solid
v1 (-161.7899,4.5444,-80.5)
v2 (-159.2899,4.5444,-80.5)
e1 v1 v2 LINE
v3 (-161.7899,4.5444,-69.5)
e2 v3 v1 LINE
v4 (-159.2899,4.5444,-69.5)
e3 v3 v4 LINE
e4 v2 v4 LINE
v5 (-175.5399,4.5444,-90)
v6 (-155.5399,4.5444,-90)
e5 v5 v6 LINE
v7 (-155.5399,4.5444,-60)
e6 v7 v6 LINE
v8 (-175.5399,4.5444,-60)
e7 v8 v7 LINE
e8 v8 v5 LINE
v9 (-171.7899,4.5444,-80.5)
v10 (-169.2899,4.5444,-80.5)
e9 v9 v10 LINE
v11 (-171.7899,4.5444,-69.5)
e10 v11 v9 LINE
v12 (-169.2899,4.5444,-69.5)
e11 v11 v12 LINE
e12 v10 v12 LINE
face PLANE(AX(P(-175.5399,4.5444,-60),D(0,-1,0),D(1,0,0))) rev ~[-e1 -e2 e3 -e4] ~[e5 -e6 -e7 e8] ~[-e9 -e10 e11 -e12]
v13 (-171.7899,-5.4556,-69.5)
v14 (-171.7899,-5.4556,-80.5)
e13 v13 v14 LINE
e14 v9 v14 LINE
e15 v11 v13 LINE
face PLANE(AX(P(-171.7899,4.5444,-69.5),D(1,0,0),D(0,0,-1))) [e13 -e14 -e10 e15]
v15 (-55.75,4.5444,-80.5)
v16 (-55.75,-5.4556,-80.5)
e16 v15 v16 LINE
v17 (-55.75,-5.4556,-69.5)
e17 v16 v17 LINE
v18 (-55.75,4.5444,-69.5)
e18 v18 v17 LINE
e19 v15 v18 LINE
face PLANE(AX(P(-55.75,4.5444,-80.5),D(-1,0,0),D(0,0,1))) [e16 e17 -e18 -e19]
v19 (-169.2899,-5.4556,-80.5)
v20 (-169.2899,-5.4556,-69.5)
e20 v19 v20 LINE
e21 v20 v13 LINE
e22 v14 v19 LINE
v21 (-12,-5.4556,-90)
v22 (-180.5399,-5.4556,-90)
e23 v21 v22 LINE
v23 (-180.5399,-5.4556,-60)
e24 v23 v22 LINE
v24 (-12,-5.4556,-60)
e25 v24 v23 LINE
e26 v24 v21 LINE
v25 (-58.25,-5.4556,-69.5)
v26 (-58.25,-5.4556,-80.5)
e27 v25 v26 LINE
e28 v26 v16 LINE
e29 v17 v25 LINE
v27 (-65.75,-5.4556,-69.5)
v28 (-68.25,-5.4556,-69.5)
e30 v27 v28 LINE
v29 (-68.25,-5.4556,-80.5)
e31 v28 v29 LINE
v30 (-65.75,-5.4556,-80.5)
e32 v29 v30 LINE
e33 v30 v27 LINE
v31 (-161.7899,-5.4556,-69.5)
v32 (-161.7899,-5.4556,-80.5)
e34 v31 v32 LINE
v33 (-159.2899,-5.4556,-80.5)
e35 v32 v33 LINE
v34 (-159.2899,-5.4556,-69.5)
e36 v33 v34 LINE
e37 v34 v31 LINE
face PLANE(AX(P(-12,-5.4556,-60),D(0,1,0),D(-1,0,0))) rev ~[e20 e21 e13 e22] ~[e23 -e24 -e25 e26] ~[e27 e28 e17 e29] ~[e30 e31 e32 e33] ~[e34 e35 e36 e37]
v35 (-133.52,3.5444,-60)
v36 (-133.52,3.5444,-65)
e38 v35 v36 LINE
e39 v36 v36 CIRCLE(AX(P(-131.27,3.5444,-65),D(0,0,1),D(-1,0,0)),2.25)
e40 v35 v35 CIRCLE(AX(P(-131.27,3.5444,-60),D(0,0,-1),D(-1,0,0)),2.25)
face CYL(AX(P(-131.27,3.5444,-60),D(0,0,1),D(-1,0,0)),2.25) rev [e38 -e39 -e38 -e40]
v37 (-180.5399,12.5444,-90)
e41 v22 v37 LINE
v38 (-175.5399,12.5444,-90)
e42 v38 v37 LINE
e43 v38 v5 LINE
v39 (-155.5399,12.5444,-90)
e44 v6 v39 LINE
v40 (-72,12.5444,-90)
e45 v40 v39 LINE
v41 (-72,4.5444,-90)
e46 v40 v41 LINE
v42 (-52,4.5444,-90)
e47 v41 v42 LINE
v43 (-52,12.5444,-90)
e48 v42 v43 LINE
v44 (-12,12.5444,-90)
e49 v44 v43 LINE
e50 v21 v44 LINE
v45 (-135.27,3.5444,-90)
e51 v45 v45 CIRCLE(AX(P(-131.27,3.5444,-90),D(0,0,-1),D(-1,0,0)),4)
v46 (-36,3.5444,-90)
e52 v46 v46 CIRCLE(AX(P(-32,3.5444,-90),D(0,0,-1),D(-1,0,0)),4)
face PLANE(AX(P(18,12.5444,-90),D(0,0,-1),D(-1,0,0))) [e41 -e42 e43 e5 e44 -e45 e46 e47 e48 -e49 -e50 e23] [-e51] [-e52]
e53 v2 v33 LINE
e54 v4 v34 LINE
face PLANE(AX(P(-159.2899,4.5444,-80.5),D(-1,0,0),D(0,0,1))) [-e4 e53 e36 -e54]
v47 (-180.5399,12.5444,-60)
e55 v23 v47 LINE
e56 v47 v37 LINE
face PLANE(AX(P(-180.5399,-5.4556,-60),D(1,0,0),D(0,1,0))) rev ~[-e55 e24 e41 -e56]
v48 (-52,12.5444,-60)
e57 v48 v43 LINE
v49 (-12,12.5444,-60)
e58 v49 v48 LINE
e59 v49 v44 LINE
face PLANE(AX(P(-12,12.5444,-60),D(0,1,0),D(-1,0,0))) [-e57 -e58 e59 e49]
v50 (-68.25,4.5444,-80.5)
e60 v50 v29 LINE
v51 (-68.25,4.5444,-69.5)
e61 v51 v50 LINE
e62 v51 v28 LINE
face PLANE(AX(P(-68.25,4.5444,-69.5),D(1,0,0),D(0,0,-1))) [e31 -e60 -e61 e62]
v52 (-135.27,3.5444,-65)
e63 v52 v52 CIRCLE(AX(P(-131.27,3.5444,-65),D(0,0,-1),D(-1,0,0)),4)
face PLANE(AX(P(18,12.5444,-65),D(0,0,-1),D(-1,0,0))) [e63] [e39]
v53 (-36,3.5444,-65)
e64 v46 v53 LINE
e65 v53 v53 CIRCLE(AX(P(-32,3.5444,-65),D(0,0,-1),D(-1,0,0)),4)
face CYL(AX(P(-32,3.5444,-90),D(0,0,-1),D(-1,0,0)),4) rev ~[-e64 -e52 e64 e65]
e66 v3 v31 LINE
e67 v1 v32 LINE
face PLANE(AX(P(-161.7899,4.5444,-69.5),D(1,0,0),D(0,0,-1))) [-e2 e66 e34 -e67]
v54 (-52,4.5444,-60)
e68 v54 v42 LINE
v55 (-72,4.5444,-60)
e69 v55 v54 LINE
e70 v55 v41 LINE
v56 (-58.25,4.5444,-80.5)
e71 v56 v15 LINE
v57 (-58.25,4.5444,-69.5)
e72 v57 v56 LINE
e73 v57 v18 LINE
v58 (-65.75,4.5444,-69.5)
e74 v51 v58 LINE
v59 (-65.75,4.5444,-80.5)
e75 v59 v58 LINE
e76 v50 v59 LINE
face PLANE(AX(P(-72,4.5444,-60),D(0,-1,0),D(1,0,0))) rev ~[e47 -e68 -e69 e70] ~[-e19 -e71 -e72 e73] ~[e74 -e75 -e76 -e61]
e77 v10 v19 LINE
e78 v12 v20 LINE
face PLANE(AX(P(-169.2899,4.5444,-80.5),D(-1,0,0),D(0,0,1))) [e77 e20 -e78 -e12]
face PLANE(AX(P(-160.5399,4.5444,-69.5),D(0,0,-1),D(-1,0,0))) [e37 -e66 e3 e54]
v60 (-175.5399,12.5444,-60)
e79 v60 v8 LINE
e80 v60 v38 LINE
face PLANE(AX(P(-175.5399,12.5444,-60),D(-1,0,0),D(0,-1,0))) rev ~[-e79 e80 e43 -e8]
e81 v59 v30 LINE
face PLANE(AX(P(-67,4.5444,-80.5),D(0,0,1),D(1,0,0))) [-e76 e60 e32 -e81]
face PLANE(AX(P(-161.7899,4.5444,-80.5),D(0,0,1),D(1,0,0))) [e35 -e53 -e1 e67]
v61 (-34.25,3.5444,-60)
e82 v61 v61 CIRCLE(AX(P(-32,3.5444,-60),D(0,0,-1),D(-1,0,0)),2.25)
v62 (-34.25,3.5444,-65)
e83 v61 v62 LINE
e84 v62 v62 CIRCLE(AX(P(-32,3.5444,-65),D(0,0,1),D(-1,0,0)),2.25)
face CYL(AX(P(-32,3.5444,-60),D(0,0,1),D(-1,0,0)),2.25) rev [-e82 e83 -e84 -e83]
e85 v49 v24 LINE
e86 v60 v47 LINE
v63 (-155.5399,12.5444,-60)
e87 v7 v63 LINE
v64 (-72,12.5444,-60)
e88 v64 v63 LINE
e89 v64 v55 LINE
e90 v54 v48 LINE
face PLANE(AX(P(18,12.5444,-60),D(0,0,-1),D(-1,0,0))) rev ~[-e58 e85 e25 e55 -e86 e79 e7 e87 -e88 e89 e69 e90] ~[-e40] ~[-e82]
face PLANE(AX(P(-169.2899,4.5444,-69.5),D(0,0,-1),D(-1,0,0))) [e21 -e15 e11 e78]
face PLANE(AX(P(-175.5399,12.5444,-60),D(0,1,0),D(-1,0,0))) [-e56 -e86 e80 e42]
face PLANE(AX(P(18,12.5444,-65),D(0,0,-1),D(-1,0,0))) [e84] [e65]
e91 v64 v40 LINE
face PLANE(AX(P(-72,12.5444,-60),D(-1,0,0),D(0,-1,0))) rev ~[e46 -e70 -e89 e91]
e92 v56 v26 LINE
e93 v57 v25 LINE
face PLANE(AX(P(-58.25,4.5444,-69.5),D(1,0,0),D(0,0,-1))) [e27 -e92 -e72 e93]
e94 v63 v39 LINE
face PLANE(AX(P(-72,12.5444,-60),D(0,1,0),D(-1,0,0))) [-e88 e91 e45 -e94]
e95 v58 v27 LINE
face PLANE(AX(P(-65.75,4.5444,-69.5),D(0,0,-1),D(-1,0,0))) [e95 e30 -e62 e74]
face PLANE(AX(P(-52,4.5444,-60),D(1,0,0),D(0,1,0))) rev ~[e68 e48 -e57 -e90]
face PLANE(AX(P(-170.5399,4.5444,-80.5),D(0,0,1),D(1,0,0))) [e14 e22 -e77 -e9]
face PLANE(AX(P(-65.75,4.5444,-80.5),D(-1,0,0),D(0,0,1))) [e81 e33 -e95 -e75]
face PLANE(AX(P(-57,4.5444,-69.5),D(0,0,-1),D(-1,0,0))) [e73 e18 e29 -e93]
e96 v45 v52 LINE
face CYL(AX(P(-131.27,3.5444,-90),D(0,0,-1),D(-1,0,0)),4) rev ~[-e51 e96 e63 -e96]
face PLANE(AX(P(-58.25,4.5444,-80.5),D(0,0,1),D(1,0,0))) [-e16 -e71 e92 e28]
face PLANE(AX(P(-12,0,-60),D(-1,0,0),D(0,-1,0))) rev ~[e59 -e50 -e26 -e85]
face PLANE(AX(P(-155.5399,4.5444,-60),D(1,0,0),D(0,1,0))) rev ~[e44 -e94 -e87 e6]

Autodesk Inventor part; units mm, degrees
ref_plane "YZ Plane" through (0, 0, 0) normal (1, 0, 0) x (0, 1, 0)
ref_plane "XZ Plane" through (0, 0, 0) normal (0, 1, 0) x (-1, 0, 0)
ref_plane "작업 평면1" through (18, 12.5444, -60) normal (0, 0, -1) x (-1, 0, 0)
sketch "스케치1" plane through (18, 12.5444, -60) normal (0, 0, -1) x (-1, 0, 0)
  circle A0 centre (149.27, -9) radius 2.25 projected
  circle A1 centre (50, -9) radius 2.25 projected
  line L0 (60.4781, -35) -> (62.5565, -31.4) projected
  line L1 (62.5565, -31.4) -> (66.7134, -31.4) projected
  line L2 (66.7134, -31.4) -> (68.7919, -35) projected
  line L3 (68.7919, -35) -> (66.7134, -38.6) projected
  line L4 (66.7134, -38.6) -> (62.5565, -38.6) projected
  line L5 (62.5565, -38.6) -> (60.4781, -35) projected
  line L6 (161.8265, -38.6) -> (159.748, -35) projected
  line L7 (159.748, -35) -> (161.8265, -31.4) projected
  line L8 (161.8265, -31.4) -> (165.9834, -31.4) projected
  line L9 (165.9834, -31.4) -> (168.0619, -35) projected
  line L10 (168.0619, -35) -> (165.9834, -38.6) projected
  line L11 (165.9834, -38.6) -> (161.8265, -38.6) projected
  line L12 (30, -50) -> (198.5399, -50) projected
  line L13 (198.5399, -50) -> (198.5399, 0) projected
  line L14 (0, 0) -> (198.5399, 0) projected
  line L15 (0, 0) -> (0, -12.5444) projected
  line L16 (0, -12.5444) -> (30, -12.5444) projected
  line L17 (30, -12.5444) -> (30, -50) projected
  line L18 (30, 0) -> (30, -18)
  line L19 (30, -18) -> (198.5399, -18)
  line L20 (198.5399, -18) -> (198.5399, 0)
  line L21 (176.0399, 8) -> (191.0399, 8) projected
  line L22 (72.5, 8) -> (87.5, 8) projected
  line L23 (193.5399, -8) -> (173.5399, -8)
  line L24 (173.5399, -8) -> (173.5399, 0)
  line L25 (193.5399, 0) -> (193.5399, -8)
  line L26 (90, -8) -> (70, -8)
  line L27 (70, -8) -> (70, 0)
  line L28 (90, 0) -> (90, -8)
  line L29 (70, 0) -> (30, 0)
  line L30 (198.5399, 0) -> (193.5399, 0)
  line L31 (173.5399, 0) -> (90, 0)
  point P0 (18, -12.5444)
  point P1 (80, -8)
  point P2 (80, 8)
  point P3 (183.5399, -8)
  point P4 (183.5399, 8)
  point P5 (70, 0)
  dimension "d1" = 18
  dimension "d6" = 8
  dimension "d7" = 8
extrude "돌출1" add sketch "스케치1" along normal blind 30 contours L17 L18 L14 L27 L26 L28 L24 L23 L25 L13 L19
sketch "스케치2" plane through (18, 12.5444, -90) normal (0, 0, -1) x (-1, 0, 0)
  circle A0 centre (149.27, -9) radius 2.25 projected
  circle A1 centre (50, -9) radius 2.25 projected
  circle A2 centre (149.27, -9) radius 4
  circle A3 centre (50, -9) radius 4
  point P0 (18, -12.5444)
  dimension "d10" = 8
  dimension "d11" = 8
extrude "돌출2" cut sketch "스케치2" against normal blind 25 contours A0 | A1 | A2 | A3
sketch "스케치3" plane through (-175.5399, 4.5444, -60) normal (0, 1, 0) x (1, 0, 0)
  line L0 (0, 0) -> (20, 0) projected
  line L1 (20, 0) -> (20, 30) projected
  line L2 (0, 30) -> (20, 30) projected
  line L3 (0, 0) -> (0, 30) projected
  line L4 (103.5399, 0) -> (123.5399, 0) projected
  line L5 (123.5399, 0) -> (123.5399, 30) projected
  line L6 (103.5399, 30) -> (123.5399, 30) projected
  line L7 (103.5399, 0) -> (103.5399, 30) projected
  line L8 (5, 20.5) -> (15, 20.5)
  line L9 (15, 20.5) -> (15, 9.5)
  line L10 (15, 9.5) -> (5, 9.5)
  line L11 (5, 9.5) -> (5, 20.5)
  line L12 (5, 20.5) -> (15, 9.5) construction
  line L13 (15, 20.5) -> (5, 9.5) construction
  line L14 (108.5399, 20.5) -> (118.5399, 20.5)
  line L15 (118.5399, 20.5) -> (118.5399, 9.5)
  line L16 (118.5399, 9.5) -> (108.5399, 9.5)
  line L17 (108.5399, 9.5) -> (108.5399, 20.5)
  line L18 (108.5399, 20.5) -> (118.5399, 9.5) construction
  line L19 (118.5399, 20.5) -> (108.5399, 9.5) construction
  line L20 (3.75, 20.5) -> (6.25, 20.5)
  line L21 (6.25, 20.5) -> (6.25, 9.5)
  line L22 (6.25, 9.5) -> (3.75, 9.5)
  line L23 (3.75, 9.5) -> (3.75, 20.5)
  line L24 (3.75, 20.5) -> (6.25, 9.5) construction
  line L25 (6.25, 20.5) -> (3.75, 9.5) construction
  line L26 (13.75, 20.5) -> (16.25, 20.5)
  line L27 (16.25, 20.5) -> (16.25, 9.5)
  line L28 (16.25, 9.5) -> (13.75, 9.5)
  line L29 (13.75, 9.5) -> (13.75, 20.5)
  line L30 (13.75, 20.5) -> (16.25, 9.5) construction
  line L31 (16.25, 20.5) -> (13.75, 9.5) construction
  line L32 (107.2899, 20.5) -> (109.7899, 20.5)
  line L33 (109.7899, 20.5) -> (109.7899, 9.5)
  line L34 (109.7899, 9.5) -> (107.2899, 9.5)
  line L35 (107.2899, 9.5) -> (107.2899, 20.5)
  line L36 (107.2899, 20.5) -> (109.7899, 9.5) construction
  line L37 (109.7899, 20.5) -> (107.2899, 9.5) construction
  line L38 (117.2899, 20.5) -> (119.7899, 20.5)
  line L39 (119.7899, 20.5) -> (119.7899, 9.5)
  line L40 (119.7899, 9.5) -> (117.2899, 9.5)
  line L41 (117.2899, 9.5) -> (117.2899, 20.5)
  line L42 (117.2899, 20.5) -> (119.7899, 9.5) construction
  line L43 (119.7899, 20.5) -> (117.2899, 9.5) construction
  point P0 (175.5399, -60)
  point P1 (10, 15)
  point P2 (113.5399, 15)
  point P3 (5, 15)
  point P4 (15, 15)
  point P5 (108.5399, 15)
  point P6 (118.5399, 15)
  point P7 (118.5399, 20.5)
  point P8 (117.2899, 20.5)
  point P9 (117.2899, 9.5)
  point P10 (118.5399, 9.5)
  point P11 (108.5399, 9.5)
  point P12 (109.7899, 20.5)
  point P13 (108.5399, 20.5)
  point P14 (13.75, 20.5)
  point P15 (13.75, 9.5)
  point P16 (15, 9.5)
  point P17 (15, 20.5)
  point P18 (6.25, 20.5)
  point P19 (5, 20.5)
  point P20 (5, 9.5)
  dimension "d14" = 10
  dimension "d15" = 11
  dimension "d16" = 10
  dimension "d17" = 11
  dimension "d18" = 2.5
  dimension "d19" = 2.5
  dimension "d20" = 2.5
  dimension "d21" = 2.5
extrude "돌출3" cut sketch "스케치3" against normal through all contours L8 L21 L10 L11 | L11 L22 L23 L20 | L8 L9 L10 L29 | L26 L27 L28 L9 | L14 L33 L16 L17 | L17 L34 L35 L32 | L14 L15 L16 L41 | L38 L39 L40 L15
properties part number "side_ToF_mount"
